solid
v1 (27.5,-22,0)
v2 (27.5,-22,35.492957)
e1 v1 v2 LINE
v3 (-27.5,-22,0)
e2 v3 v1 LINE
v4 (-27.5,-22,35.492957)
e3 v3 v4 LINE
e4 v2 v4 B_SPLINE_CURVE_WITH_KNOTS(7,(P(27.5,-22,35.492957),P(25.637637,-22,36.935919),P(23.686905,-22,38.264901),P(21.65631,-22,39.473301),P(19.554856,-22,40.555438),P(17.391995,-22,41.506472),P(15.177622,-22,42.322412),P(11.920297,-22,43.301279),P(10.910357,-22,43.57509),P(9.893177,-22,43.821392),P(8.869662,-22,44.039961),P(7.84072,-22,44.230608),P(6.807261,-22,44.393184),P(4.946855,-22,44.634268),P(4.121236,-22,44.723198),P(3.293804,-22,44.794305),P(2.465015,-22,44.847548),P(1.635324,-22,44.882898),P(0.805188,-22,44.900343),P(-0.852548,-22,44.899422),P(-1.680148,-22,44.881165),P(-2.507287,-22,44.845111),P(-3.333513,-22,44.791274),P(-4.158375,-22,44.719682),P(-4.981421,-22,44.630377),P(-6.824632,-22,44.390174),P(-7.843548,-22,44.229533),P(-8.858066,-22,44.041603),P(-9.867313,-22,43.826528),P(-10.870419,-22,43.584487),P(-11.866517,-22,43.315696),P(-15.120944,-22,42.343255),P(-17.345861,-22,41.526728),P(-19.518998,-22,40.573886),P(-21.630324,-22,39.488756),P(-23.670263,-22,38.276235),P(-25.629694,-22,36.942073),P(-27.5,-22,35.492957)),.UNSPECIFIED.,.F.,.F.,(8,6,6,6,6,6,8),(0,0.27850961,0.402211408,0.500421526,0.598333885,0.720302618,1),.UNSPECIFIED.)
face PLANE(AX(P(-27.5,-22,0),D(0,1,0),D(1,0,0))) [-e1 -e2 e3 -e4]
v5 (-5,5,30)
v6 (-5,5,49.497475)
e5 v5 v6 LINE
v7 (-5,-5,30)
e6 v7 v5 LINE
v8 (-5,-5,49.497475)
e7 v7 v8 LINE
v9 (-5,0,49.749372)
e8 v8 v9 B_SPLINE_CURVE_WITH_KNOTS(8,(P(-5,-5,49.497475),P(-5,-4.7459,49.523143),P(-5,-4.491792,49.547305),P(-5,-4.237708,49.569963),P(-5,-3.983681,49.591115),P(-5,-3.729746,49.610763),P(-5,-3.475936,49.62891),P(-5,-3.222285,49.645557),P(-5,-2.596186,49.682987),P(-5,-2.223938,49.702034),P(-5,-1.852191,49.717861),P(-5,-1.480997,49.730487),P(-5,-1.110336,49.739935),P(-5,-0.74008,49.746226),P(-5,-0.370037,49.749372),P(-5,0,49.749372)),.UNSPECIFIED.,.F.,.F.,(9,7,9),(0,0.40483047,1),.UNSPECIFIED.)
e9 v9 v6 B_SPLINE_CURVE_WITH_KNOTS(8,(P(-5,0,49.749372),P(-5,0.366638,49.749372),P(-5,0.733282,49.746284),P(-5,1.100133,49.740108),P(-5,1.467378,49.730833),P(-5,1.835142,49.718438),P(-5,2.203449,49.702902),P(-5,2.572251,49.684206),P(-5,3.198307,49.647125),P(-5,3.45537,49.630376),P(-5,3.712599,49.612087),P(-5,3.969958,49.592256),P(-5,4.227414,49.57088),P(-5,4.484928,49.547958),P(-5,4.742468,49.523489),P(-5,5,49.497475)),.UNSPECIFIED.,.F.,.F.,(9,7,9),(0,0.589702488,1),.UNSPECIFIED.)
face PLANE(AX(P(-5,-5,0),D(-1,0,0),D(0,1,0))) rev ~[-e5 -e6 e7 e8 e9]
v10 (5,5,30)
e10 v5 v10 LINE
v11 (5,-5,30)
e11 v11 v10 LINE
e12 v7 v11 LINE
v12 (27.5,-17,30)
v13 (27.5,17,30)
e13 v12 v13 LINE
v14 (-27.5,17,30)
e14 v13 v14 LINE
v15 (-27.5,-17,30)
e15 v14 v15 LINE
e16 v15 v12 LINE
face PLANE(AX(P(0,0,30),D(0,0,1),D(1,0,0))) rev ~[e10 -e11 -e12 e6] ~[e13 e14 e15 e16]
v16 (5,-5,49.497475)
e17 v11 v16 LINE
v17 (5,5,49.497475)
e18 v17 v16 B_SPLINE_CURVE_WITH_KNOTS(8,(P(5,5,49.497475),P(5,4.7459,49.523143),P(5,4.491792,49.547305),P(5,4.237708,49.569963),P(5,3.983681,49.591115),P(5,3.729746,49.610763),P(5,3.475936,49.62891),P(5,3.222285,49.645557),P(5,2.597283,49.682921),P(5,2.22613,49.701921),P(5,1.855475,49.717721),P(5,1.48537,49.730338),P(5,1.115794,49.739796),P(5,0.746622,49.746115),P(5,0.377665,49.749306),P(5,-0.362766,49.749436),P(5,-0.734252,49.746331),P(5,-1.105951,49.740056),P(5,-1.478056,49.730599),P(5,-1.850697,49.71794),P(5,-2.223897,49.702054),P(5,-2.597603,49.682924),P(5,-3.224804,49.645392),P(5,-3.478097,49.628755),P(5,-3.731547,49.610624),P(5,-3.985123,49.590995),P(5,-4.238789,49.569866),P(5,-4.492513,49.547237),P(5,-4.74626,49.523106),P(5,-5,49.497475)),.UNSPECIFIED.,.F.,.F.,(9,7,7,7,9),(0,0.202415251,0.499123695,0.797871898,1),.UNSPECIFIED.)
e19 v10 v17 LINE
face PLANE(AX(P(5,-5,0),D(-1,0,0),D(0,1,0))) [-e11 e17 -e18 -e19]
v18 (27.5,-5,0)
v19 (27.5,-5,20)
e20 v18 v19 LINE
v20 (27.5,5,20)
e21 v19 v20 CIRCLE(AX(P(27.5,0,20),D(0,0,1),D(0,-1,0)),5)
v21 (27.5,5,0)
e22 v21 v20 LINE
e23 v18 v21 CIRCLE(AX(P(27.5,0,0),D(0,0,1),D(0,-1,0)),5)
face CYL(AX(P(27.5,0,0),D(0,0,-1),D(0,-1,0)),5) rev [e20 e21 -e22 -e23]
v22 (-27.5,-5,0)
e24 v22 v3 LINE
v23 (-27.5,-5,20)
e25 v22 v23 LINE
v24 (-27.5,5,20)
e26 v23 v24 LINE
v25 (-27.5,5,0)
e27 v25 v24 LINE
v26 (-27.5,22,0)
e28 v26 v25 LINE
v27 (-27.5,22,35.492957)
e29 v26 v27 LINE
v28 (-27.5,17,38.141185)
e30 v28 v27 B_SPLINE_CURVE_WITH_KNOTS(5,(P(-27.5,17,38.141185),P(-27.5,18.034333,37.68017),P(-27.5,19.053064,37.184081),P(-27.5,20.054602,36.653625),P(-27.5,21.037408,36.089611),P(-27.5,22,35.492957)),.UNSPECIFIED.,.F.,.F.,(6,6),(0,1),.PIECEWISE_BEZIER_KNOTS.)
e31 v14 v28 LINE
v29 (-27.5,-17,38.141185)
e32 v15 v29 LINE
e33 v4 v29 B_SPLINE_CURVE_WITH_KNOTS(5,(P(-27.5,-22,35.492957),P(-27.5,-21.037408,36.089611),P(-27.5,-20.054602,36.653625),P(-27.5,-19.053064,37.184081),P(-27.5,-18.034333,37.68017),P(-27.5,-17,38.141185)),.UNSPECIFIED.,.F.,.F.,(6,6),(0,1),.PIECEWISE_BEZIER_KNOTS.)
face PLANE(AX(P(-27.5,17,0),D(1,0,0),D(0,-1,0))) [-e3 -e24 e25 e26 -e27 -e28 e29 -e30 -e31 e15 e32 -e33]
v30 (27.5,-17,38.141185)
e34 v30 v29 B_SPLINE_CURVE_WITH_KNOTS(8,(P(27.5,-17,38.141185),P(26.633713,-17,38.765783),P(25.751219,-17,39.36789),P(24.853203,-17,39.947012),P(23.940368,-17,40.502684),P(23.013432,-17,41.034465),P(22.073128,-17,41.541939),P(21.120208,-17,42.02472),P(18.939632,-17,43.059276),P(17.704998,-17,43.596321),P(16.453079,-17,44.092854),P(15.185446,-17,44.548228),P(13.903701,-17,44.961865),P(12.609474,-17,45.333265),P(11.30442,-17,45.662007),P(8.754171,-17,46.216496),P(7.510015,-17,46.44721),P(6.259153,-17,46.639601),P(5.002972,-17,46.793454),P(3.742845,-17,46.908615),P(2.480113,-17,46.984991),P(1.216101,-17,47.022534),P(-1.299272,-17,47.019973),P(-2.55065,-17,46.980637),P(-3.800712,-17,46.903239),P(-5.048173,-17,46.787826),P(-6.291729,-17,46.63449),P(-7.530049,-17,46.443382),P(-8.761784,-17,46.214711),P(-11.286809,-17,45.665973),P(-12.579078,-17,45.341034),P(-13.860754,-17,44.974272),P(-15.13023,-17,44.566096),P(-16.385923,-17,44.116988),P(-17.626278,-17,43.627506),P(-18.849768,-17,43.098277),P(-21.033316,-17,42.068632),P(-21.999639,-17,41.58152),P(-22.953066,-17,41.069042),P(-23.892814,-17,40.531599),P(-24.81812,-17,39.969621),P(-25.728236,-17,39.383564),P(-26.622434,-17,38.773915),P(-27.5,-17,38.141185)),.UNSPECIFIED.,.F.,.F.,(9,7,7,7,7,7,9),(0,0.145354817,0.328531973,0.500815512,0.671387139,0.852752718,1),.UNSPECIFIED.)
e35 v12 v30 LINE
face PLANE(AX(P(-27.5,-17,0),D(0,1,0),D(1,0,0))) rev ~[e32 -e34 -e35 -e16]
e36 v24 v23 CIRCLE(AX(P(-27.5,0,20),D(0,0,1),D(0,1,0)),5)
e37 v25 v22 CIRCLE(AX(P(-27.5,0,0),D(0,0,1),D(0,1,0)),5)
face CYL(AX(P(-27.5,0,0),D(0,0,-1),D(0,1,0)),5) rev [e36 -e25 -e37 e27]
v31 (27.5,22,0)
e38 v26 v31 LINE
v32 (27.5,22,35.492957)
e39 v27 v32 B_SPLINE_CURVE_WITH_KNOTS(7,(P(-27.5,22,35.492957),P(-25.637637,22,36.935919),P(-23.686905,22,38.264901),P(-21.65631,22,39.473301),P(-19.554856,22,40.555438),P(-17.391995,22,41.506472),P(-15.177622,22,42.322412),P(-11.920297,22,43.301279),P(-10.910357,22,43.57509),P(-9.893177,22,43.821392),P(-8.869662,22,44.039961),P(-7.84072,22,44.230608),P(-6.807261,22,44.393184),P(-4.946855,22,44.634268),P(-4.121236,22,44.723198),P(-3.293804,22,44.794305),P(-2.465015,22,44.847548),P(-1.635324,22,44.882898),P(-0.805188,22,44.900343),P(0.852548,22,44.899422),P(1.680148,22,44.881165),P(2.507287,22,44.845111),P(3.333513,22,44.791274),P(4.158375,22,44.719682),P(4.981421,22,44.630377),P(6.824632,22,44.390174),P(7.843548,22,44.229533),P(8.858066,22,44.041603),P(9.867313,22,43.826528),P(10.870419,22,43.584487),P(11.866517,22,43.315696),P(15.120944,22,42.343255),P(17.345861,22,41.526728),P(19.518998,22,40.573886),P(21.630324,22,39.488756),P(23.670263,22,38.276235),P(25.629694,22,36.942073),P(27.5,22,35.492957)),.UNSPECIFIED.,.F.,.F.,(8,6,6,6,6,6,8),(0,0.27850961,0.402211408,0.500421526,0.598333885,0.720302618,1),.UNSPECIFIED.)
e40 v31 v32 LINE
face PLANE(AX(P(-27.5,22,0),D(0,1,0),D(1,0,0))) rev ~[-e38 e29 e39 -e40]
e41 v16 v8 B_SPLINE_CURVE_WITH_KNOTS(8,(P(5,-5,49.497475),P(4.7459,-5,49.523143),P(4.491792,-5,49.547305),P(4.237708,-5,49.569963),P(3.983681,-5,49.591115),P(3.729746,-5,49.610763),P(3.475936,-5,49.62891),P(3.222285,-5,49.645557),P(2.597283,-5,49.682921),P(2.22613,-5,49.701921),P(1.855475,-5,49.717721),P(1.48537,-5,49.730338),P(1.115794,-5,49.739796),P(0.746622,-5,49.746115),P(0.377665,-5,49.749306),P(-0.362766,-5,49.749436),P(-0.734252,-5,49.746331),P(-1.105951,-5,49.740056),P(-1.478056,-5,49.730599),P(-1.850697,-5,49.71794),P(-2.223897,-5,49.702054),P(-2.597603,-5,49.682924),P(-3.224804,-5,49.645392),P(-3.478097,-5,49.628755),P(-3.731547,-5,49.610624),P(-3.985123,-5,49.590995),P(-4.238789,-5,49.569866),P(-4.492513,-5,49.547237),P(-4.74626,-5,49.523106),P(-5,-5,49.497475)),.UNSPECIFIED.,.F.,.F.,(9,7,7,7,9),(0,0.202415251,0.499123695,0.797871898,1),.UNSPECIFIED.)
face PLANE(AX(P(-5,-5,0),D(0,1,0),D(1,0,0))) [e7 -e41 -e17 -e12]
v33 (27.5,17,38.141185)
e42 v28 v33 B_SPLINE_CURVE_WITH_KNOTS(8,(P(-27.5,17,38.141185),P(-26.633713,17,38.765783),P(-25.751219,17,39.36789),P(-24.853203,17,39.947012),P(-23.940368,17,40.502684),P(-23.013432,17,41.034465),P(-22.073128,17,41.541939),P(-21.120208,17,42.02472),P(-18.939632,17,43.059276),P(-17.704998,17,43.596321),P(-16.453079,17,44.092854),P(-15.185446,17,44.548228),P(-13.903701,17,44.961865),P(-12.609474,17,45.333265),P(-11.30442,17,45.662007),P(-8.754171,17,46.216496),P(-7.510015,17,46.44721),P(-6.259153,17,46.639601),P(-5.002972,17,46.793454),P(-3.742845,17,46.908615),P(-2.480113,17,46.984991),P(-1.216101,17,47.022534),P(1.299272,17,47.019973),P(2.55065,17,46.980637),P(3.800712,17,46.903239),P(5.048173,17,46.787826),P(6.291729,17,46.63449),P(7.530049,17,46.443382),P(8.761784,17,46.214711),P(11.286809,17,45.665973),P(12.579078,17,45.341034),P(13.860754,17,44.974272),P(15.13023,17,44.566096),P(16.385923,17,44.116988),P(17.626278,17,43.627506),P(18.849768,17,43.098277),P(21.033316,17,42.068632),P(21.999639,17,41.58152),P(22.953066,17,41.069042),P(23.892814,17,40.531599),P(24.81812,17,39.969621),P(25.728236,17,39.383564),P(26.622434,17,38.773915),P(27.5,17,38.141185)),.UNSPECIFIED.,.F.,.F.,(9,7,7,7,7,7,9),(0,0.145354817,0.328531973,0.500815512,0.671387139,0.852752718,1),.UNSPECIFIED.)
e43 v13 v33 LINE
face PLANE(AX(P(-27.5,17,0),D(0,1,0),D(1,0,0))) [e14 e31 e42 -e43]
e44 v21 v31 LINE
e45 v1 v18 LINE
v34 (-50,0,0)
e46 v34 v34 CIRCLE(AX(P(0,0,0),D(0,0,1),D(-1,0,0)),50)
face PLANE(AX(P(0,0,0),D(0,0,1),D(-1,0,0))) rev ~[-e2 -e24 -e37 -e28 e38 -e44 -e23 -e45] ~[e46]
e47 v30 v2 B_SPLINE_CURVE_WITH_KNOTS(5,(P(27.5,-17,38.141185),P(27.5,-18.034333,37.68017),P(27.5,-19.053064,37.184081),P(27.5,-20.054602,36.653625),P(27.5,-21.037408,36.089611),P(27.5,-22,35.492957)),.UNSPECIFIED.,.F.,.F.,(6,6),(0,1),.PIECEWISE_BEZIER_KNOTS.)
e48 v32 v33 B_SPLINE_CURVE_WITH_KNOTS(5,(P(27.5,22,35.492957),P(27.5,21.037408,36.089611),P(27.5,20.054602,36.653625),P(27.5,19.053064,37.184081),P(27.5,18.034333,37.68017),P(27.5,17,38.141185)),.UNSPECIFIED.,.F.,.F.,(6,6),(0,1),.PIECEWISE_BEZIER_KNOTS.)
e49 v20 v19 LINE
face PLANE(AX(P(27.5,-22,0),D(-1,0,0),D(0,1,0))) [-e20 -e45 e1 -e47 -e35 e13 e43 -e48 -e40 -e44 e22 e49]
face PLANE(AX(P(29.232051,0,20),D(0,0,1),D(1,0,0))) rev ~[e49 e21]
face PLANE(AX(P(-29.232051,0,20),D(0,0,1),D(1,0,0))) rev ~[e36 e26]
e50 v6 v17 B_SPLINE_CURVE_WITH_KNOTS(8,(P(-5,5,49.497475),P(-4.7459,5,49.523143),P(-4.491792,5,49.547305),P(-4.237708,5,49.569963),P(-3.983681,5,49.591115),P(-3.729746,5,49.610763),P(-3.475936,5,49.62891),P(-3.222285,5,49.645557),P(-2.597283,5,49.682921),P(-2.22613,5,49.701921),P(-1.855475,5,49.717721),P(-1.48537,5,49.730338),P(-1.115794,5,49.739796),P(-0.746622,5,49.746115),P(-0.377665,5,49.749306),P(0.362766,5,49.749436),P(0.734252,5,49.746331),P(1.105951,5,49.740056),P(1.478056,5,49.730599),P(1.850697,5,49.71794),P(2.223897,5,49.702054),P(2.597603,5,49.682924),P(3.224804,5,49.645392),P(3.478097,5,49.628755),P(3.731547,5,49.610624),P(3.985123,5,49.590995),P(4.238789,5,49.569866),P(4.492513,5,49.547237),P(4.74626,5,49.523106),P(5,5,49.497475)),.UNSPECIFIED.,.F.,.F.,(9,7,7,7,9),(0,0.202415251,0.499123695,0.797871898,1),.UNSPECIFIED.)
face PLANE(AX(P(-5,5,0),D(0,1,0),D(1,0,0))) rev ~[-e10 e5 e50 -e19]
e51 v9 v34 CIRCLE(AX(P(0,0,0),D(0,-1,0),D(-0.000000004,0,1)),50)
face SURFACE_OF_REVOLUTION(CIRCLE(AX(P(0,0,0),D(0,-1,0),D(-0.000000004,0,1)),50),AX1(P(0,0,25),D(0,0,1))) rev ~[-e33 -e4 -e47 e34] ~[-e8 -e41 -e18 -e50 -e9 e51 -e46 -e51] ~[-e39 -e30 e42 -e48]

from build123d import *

# Parameters (mm, degrees)
F0_W     = 55
F0_H     = 5
F0_W_2   = 10
F0_H_2   = 10
F3_DEPTH = 100
F4_DEPTH = 30
F6_DEPTH = 20


with BuildPart() as f2:
    # F1 (on Front) → F2 (revolve)
    with BuildSketch(Plane.XZ):
        with BuildLine():
            Line((-50, 0), (0, 0))
            Line((0, 0), (0, 50))
            ThreePointArc((0, 50), (-35.355339, 35.355339), (-50, 0))
        make_face()
    revolve(axis=Axis((0, 0, 25), (0, 0, 1)))

    # F0 (on Top) → F3 (cut)
    with BuildSketch(Plane.XY):
        with Locations((0, -19.5)):
            Rectangle(F0_W, F0_H)
        with Locations((0, 19.5)):
            Rectangle(F0_W, F0_H)
        Rectangle(F0_W_2, F0_H_2)
    extrude(amount=F3_DEPTH, mode=Mode.SUBTRACT)

    # F0 (on Top) → F4 (cut)
    with BuildSketch(Plane.XY):
        Polygon((27.5, 17), (-27.5, 17), (-27.5, 5), (-27.5, -5), (-27.5, -17), (27.5, -17), (27.5, -5), (27.5, 5), align=None)
        Rectangle(F0_W_2, F0_H_2, mode=Mode.SUBTRACT)
    extrude(amount=F4_DEPTH, mode=Mode.SUBTRACT)

    # F5 (on Top) → F6 (cut)
    with BuildSketch(Plane.XY):
        with BuildLine():
            ThreePointArc((-27.5, 5), (-32.5, 0), (-27.5, -5))
            Line((-27.5, -5), (-27.5, 5))
        make_face()
        with BuildLine():
            Line((27.5, 5), (27.5, -5))
            ThreePointArc((27.5, -5), (32.5, 0), (27.5, 5))
        make_face()
    extrude(amount=F6_DEPTH, mode=Mode.SUBTRACT)


solid = f2.part
